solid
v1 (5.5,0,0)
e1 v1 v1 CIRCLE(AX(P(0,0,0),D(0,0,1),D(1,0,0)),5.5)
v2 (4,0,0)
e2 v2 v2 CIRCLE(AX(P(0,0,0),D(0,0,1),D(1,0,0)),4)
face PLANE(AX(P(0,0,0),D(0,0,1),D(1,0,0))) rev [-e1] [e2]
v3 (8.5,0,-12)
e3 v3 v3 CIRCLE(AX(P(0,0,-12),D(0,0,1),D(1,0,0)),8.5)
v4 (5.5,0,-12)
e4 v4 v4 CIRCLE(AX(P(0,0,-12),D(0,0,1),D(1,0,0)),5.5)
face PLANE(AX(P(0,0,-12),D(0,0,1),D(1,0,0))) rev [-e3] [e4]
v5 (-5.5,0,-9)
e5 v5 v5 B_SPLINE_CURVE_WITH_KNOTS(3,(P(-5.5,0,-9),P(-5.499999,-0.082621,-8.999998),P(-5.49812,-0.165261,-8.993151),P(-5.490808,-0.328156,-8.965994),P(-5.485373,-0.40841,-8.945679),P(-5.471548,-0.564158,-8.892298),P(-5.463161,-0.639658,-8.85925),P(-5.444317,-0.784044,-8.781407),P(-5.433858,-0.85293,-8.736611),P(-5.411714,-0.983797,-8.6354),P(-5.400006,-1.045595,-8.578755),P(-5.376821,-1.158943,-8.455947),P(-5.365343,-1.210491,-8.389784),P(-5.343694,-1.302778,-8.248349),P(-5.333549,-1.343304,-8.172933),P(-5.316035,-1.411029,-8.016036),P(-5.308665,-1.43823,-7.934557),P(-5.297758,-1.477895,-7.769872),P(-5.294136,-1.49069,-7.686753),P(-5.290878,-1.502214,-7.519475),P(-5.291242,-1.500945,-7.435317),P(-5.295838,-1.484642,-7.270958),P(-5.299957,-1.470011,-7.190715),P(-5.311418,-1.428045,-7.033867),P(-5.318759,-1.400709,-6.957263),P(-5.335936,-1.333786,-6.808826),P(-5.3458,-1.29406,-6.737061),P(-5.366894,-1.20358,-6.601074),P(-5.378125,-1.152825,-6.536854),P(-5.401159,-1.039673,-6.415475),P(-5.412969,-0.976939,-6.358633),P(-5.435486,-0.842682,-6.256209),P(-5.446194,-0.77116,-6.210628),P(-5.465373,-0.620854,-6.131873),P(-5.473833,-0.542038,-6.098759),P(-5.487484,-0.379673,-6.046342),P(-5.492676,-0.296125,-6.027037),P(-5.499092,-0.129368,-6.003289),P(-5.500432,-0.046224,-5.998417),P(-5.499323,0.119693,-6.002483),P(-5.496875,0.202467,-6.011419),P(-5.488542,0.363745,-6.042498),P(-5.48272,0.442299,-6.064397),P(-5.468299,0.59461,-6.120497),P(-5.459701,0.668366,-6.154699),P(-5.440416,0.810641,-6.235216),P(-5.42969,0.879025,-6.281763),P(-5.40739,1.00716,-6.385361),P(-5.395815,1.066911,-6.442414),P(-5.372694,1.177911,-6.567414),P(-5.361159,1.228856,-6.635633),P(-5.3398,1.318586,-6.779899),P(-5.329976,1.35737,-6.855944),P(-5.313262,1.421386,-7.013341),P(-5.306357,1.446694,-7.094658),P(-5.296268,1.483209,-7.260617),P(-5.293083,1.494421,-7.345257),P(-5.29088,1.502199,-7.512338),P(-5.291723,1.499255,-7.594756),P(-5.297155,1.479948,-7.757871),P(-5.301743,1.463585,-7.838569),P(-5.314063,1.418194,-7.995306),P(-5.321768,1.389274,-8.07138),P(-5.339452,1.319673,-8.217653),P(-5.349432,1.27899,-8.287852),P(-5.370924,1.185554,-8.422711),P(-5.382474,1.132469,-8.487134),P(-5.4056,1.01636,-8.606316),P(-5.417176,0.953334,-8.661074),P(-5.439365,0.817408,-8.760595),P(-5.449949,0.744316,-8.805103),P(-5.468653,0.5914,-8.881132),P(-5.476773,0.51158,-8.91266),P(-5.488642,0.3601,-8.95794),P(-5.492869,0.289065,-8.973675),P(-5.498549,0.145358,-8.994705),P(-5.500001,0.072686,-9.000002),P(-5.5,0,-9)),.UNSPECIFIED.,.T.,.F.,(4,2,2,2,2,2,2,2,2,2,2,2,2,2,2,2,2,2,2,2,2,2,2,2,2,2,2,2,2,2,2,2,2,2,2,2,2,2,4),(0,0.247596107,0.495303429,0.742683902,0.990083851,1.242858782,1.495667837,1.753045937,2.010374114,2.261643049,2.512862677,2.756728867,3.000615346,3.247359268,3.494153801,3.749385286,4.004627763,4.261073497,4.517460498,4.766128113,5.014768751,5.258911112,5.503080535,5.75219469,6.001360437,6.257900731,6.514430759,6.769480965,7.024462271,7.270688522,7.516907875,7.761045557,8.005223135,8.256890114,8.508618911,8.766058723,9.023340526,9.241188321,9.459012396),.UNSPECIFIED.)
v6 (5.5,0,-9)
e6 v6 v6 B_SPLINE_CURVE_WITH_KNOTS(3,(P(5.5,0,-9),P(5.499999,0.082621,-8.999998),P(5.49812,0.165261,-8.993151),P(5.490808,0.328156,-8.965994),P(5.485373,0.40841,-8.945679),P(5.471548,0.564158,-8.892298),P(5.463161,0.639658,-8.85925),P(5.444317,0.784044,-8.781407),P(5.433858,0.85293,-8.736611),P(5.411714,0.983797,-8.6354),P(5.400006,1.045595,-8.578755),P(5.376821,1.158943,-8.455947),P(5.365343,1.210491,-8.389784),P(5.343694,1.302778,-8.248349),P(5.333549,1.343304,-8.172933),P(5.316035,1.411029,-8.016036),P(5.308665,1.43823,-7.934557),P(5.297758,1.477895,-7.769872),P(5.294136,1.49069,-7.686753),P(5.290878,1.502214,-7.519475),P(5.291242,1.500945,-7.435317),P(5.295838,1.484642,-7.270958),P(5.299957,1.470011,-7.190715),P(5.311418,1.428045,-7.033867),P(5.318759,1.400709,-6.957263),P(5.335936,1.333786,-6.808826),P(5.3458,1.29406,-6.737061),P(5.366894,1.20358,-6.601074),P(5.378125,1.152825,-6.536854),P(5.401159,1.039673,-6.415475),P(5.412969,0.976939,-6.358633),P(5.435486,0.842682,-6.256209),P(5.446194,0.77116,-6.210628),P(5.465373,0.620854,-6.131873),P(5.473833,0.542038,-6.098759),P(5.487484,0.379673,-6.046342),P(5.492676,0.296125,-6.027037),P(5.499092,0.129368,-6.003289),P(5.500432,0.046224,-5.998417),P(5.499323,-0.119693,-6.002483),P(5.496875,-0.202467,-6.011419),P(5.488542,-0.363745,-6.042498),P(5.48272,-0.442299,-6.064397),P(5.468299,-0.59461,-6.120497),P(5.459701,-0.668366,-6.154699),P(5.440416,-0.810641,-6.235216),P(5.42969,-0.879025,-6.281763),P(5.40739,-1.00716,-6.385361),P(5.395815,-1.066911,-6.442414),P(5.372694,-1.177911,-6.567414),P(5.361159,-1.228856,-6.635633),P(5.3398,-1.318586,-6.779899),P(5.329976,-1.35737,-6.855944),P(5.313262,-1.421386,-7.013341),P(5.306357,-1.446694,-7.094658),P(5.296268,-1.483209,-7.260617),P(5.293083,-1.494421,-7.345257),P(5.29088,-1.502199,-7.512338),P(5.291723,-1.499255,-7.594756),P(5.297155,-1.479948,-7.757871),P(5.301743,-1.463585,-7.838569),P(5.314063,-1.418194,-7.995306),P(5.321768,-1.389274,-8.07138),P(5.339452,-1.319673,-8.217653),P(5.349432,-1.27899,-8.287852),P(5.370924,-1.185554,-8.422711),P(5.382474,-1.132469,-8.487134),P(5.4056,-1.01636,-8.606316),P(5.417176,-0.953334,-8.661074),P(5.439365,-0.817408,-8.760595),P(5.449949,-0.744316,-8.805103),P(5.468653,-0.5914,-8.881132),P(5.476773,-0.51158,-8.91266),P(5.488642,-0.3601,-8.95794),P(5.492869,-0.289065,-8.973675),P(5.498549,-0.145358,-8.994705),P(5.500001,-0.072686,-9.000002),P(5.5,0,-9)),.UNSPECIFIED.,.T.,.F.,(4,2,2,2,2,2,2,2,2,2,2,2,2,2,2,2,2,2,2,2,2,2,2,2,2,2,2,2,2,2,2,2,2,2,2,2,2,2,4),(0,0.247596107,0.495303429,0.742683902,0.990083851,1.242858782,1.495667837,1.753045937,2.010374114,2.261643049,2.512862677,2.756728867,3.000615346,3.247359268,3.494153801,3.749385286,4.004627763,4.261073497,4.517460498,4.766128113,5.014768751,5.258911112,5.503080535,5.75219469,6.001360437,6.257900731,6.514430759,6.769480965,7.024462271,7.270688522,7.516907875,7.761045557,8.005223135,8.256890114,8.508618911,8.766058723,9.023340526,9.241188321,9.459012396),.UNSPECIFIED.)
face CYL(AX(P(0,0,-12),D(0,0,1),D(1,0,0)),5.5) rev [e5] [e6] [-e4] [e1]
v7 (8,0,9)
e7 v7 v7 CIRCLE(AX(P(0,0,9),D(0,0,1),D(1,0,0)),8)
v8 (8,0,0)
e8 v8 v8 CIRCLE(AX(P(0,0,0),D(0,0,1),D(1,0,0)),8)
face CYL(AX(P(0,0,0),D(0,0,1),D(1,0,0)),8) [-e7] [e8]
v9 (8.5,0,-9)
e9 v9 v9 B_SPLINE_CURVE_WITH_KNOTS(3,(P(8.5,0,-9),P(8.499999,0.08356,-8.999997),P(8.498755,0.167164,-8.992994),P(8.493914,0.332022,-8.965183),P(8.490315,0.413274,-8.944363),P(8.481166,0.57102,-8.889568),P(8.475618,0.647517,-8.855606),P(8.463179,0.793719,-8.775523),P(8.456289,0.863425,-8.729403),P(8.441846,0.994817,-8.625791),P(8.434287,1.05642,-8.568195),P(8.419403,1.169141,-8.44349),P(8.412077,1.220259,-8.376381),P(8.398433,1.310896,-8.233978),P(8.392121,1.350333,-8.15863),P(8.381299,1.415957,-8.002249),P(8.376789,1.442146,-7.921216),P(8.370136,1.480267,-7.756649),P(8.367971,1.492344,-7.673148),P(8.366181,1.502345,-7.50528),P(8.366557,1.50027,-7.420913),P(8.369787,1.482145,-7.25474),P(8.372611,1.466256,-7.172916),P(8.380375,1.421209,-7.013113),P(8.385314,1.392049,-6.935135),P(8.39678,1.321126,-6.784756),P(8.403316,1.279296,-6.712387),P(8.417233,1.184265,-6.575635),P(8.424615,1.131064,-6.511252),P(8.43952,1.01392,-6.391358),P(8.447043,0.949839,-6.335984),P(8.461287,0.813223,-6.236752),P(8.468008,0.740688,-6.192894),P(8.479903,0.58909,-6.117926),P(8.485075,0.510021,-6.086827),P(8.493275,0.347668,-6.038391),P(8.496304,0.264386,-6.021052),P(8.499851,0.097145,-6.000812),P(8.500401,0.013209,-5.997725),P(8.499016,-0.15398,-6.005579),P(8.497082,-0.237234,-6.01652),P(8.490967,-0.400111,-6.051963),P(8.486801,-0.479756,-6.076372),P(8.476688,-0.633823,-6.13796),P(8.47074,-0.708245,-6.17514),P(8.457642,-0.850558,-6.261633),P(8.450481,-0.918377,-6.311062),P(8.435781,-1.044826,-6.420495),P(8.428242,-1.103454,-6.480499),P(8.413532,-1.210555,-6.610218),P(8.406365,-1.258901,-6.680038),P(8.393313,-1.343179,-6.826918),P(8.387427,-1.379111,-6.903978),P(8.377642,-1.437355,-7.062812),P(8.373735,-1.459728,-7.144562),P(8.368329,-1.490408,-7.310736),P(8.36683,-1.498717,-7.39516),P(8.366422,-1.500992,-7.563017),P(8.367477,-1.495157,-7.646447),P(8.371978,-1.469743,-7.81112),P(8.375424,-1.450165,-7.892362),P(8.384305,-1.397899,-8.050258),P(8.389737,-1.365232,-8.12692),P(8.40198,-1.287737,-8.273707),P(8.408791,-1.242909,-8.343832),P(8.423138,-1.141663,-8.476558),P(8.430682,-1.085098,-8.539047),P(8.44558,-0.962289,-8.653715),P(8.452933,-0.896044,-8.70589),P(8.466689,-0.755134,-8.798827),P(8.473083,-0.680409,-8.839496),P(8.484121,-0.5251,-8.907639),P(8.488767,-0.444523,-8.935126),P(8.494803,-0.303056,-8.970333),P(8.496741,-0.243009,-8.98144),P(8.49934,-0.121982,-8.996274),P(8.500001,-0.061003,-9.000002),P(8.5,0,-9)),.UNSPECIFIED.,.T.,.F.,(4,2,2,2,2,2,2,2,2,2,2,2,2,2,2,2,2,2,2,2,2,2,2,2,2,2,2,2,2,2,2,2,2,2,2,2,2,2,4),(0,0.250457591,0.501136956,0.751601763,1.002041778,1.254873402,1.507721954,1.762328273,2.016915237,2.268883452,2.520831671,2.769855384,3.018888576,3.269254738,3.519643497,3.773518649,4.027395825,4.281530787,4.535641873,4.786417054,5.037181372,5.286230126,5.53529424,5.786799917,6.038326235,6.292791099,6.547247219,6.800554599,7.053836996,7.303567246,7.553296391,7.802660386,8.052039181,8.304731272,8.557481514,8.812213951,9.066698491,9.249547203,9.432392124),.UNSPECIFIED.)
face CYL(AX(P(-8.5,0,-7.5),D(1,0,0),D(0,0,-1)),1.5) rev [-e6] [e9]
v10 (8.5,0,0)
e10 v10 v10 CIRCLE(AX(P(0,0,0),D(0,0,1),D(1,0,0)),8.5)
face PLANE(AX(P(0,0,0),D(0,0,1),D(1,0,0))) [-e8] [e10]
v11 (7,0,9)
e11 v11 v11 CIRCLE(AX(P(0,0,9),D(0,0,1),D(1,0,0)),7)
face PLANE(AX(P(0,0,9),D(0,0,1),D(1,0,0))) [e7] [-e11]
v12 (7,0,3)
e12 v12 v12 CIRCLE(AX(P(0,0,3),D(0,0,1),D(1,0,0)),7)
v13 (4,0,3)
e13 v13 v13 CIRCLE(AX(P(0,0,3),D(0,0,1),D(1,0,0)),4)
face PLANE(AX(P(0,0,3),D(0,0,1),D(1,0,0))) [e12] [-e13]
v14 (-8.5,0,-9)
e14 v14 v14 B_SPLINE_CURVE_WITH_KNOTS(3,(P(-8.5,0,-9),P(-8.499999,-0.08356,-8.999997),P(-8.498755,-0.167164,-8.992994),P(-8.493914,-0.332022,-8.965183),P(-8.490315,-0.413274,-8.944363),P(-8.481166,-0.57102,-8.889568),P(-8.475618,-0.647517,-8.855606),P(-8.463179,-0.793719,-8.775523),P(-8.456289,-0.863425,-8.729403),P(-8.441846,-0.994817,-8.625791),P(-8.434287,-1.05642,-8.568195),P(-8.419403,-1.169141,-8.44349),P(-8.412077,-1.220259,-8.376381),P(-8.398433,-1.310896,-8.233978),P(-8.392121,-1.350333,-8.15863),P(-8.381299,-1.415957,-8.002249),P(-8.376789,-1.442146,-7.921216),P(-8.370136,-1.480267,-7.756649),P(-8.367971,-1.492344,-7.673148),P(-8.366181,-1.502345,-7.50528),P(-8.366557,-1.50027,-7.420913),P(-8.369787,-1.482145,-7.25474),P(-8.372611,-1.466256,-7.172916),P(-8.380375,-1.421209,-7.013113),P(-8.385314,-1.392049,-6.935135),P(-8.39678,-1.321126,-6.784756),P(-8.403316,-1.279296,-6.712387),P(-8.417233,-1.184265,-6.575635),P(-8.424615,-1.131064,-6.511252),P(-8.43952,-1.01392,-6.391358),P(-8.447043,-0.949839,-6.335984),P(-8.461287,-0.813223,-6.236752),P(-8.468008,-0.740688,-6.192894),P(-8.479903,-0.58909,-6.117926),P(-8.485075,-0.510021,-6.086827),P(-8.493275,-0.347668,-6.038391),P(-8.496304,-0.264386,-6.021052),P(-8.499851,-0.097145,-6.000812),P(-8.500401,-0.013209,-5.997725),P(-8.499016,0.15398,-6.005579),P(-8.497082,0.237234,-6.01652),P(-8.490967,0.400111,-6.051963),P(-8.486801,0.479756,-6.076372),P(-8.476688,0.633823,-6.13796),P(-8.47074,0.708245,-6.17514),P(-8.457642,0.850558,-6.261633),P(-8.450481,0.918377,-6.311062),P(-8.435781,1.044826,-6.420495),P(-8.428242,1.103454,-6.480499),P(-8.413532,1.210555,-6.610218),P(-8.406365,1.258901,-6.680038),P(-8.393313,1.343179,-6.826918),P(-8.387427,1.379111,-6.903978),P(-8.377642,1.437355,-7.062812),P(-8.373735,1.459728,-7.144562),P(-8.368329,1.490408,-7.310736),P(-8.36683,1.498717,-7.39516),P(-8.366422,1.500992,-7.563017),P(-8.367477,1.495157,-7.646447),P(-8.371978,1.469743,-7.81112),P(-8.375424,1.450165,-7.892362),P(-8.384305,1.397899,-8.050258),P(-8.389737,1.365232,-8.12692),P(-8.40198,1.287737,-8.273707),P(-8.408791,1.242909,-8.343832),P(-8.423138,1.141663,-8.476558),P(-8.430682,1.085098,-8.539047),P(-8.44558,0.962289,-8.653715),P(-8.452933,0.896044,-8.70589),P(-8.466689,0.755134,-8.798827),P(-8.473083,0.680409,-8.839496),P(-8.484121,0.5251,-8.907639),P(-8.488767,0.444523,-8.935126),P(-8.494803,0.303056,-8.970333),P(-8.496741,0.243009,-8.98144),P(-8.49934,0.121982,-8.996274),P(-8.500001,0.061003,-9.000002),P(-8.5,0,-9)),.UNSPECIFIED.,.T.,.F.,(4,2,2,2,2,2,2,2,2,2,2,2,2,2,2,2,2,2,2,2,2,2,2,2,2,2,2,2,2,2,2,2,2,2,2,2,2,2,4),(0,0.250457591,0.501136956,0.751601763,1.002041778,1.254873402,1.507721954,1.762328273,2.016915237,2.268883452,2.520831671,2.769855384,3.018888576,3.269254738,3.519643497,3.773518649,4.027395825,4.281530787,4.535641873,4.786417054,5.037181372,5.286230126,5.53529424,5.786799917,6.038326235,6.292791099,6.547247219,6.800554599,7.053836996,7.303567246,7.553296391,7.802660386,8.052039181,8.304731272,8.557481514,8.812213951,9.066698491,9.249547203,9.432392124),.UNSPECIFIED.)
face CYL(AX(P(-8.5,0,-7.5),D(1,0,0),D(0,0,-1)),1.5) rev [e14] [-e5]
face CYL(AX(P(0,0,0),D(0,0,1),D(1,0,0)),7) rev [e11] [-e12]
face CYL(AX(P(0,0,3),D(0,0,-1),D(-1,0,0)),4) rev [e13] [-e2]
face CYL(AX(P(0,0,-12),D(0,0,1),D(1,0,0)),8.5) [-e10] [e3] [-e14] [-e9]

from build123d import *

# Parameters (mm, degrees)
SKETCH1_R                = 7.5
SKETCH1_R_2              = 4
BOSS_EXTRUDE1_DEPTH      = 3
SKETCH2_R                = 8.5
SKETCH2_R_2              = 5.5
BOSS_EXTRUDE2_DEPTH      = 12
CUT_EXTRUDE1_DEPTH       = 17.985287751
CUT_EXTRUDE1_DEPTH_BACK  = 17.985287751
SKETCH4_R                = 1.5
BOSS_EXTRUDE4_DEPTH      = 6
BOSS_EXTRUDE4_DEPTH_BACK = 3
SKETCH5_R                = 8
SKETCH5_R_2              = 7


with BuildPart() as part:
    # Sketch1 → Boss-Extrude1 (new body)
    with BuildSketch(Plane.XY):
        Circle(SKETCH1_R)
        Circle(SKETCH1_R_2, mode=Mode.SUBTRACT)
    extrude(amount=BOSS_EXTRUDE1_DEPTH)

    # Sketch2 → Boss-Extrude2 (add)
    with BuildSketch(Plane.XY):
        Circle(SKETCH2_R)
        Circle(SKETCH2_R_2, mode=Mode.SUBTRACT)
    extrude(amount=-BOSS_EXTRUDE2_DEPTH)

    # Sketch4 → Cut-Extrude1 (cut, two sides: drawn at the far end of the back side and taken through both)
    with BuildSketch(Plane(origin=(0, 0, 0), x_dir=(0, 0, -1), z_dir=(1, 0, 0)).offset(-CUT_EXTRUDE1_DEPTH_BACK)):
        with Locations((7.5, 0)):
            Circle(SKETCH4_R)
    extrude(amount=CUT_EXTRUDE1_DEPTH + CUT_EXTRUDE1_DEPTH_BACK, mode=Mode.SUBTRACT)

    # Sketch5 → Boss-Extrude4 (add, two sides: drawn at the far end of the back side and taken through both)
    with BuildSketch(Plane.XY.offset(3).offset(-BOSS_EXTRUDE4_DEPTH_BACK)):
        Circle(SKETCH5_R)
        Circle(SKETCH5_R_2, mode=Mode.SUBTRACT)
    extrude(amount=BOSS_EXTRUDE4_DEPTH + BOSS_EXTRUDE4_DEPTH_BACK)


solid = part.part
